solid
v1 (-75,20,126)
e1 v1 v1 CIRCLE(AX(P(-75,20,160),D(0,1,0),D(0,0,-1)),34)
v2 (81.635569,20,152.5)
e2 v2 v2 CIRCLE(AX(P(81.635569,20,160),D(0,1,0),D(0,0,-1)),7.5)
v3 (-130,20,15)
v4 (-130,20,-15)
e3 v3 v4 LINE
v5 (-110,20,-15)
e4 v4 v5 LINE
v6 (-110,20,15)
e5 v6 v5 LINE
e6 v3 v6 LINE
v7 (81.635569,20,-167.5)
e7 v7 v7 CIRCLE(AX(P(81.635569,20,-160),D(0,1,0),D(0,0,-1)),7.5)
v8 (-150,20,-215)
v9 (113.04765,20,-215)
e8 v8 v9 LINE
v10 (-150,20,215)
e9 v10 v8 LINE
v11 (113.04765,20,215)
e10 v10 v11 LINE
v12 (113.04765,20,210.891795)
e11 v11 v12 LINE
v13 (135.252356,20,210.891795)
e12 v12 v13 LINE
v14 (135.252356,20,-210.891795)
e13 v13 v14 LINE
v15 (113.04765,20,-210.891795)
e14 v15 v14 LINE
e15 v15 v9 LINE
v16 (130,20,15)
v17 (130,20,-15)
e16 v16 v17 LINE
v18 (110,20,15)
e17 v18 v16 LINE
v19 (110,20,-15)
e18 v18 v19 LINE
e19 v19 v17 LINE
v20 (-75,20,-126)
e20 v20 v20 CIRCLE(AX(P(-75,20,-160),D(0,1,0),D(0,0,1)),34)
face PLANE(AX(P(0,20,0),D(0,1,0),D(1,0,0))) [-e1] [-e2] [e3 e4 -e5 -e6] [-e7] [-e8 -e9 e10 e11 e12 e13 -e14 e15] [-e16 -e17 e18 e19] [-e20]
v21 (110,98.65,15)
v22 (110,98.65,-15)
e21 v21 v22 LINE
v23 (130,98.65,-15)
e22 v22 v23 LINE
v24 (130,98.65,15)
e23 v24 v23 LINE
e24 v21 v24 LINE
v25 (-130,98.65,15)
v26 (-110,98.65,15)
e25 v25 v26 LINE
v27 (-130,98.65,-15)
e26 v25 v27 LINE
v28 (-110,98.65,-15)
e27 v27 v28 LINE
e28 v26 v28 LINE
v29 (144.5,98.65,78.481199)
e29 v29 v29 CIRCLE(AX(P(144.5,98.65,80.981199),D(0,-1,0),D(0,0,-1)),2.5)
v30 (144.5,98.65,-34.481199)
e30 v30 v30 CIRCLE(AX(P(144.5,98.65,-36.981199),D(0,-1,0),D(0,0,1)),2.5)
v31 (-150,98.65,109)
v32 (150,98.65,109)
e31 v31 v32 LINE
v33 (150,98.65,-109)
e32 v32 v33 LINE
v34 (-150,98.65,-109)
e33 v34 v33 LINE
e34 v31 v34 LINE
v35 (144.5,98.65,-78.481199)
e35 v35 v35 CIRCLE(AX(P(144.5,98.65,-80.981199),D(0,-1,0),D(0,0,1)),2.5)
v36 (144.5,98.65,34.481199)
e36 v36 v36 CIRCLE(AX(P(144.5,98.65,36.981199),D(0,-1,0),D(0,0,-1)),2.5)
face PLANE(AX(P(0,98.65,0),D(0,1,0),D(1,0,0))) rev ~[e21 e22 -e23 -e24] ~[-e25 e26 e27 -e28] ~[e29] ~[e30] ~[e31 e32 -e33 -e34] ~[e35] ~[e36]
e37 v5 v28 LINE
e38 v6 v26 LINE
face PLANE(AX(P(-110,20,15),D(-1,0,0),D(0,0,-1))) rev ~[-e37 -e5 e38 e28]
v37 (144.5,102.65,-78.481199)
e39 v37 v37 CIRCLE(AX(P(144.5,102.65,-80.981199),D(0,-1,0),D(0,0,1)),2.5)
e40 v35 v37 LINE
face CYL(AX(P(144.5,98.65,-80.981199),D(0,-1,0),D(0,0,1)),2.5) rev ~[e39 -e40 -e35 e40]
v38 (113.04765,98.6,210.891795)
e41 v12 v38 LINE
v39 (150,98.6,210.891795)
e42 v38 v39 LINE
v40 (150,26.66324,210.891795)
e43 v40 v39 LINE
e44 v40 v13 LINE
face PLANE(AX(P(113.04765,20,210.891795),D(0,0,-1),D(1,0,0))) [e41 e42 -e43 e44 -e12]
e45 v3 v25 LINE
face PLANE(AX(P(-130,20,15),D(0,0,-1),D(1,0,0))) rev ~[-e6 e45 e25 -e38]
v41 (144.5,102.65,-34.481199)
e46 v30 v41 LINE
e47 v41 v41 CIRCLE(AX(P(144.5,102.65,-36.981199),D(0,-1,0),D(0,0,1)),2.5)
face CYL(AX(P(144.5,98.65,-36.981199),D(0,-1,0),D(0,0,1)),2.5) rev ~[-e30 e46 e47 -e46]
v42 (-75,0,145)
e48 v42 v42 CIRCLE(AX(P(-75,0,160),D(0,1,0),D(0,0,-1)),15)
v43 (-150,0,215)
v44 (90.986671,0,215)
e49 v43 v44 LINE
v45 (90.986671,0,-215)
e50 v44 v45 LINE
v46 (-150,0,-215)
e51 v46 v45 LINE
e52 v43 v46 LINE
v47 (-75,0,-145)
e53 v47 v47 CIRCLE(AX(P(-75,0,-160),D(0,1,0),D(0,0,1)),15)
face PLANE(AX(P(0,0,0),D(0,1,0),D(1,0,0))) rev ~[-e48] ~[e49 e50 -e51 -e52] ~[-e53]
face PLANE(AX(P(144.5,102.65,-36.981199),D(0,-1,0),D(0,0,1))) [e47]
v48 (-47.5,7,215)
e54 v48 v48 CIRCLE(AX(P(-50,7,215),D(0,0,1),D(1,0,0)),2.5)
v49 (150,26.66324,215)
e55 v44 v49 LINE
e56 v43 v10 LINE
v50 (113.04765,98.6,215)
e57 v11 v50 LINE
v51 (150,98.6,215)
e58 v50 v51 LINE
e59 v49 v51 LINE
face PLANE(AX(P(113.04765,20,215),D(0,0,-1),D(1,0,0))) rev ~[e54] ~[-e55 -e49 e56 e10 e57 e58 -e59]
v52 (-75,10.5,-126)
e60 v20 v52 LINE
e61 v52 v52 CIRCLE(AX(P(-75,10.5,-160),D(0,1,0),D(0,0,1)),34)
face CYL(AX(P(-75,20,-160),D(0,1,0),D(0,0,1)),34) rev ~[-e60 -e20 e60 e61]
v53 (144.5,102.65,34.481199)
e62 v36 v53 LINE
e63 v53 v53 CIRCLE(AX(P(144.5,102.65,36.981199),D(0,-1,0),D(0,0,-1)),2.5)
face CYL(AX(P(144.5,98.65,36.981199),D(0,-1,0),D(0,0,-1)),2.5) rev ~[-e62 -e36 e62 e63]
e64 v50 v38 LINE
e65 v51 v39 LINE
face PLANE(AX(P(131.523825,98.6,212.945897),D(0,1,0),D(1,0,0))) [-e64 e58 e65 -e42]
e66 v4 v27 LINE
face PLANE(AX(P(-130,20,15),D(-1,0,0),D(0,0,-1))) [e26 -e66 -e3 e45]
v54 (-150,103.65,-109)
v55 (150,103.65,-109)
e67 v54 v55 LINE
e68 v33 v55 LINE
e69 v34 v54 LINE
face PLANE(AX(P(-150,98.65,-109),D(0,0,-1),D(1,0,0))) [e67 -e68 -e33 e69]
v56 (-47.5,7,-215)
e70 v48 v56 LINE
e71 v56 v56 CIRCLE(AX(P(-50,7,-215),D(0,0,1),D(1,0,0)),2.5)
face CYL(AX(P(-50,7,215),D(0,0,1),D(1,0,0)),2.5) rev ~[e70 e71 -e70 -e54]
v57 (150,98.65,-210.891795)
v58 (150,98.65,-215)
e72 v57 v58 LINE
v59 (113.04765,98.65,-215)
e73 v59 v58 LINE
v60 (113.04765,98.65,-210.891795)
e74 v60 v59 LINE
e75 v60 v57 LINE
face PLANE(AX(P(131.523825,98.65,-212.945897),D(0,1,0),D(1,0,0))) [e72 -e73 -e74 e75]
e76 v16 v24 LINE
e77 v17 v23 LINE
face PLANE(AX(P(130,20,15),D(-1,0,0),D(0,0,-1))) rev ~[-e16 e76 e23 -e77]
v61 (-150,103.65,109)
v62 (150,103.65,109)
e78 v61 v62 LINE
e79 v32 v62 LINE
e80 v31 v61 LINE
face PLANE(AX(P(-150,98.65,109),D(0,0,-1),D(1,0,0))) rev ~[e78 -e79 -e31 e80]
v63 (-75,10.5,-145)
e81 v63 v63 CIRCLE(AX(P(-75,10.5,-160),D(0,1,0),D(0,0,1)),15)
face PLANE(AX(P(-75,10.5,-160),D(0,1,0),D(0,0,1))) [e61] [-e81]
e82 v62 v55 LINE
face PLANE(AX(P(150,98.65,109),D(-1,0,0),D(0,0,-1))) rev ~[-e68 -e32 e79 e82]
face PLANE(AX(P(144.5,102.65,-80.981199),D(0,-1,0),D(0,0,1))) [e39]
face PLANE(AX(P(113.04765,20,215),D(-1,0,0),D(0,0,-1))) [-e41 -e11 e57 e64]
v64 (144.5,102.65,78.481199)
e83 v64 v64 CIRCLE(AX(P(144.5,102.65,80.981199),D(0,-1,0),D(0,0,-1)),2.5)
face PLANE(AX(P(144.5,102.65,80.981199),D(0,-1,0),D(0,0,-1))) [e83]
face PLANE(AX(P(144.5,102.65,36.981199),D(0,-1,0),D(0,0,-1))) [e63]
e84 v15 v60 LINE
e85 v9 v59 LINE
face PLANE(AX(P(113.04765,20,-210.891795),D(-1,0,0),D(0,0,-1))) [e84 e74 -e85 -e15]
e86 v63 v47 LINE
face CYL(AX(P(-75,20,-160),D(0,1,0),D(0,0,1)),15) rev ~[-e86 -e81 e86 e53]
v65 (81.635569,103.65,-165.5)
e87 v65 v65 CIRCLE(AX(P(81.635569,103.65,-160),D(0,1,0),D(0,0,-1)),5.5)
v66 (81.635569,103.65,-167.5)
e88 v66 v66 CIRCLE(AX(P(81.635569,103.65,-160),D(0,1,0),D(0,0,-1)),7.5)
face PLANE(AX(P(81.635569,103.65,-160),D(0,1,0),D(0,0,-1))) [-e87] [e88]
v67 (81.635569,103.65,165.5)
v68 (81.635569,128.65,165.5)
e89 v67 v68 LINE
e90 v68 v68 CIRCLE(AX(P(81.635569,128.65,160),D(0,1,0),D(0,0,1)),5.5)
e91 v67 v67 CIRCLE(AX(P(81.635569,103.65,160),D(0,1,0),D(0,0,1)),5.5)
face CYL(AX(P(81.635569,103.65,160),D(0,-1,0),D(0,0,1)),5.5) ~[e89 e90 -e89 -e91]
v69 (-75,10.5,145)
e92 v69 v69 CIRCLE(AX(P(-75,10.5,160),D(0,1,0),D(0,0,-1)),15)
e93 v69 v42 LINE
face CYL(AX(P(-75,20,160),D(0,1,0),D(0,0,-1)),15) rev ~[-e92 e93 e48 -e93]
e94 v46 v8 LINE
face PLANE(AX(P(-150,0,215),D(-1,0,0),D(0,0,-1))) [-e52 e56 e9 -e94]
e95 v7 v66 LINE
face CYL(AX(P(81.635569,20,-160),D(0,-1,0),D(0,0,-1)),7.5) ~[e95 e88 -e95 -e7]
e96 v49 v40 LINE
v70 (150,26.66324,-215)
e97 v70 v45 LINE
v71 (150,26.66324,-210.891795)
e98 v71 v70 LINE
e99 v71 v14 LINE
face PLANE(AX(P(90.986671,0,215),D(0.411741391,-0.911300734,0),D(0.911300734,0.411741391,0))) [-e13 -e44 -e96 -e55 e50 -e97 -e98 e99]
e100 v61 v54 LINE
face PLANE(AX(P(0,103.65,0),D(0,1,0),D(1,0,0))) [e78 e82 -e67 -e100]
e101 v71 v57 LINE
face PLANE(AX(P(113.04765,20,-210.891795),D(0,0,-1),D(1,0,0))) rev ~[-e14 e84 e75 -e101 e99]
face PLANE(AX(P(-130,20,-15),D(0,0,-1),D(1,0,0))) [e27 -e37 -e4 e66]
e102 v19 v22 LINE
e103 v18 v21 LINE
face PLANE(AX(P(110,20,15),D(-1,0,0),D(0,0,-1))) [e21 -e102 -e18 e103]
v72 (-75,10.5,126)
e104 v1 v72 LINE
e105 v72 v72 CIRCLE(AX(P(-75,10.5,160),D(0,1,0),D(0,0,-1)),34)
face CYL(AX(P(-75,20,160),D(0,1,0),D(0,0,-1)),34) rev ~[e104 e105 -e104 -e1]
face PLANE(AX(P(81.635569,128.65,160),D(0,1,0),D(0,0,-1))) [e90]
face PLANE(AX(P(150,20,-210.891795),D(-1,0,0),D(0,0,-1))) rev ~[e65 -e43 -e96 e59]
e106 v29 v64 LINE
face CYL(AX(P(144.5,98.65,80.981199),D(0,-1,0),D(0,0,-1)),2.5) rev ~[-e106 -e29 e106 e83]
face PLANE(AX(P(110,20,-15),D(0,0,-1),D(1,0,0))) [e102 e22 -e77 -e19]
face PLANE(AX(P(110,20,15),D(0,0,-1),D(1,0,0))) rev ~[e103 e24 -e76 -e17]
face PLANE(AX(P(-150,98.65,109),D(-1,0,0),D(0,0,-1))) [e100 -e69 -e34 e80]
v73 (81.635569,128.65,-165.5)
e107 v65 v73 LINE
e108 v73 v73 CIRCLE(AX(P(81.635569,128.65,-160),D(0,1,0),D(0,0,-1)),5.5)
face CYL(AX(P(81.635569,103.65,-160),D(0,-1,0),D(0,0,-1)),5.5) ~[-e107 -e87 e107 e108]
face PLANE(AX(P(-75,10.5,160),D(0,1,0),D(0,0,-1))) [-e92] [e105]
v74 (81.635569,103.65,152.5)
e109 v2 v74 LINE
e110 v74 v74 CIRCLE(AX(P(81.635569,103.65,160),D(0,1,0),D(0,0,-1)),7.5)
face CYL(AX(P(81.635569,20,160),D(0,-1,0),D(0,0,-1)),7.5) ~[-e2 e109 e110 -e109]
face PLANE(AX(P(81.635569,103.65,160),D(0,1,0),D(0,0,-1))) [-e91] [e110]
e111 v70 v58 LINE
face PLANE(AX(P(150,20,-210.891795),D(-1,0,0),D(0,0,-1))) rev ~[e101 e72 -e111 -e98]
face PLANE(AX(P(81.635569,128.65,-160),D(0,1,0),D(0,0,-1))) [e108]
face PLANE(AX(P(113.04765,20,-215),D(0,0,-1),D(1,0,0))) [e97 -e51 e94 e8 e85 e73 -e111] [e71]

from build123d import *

# Parameters (mm, degrees)
SKETCH2_W           = 300
SKETCH2_H           = 430
BOSS_EXTRUDE1_DEPTH = 20
SKETCH3_R           = 15
CUT_EXTRUDE1_DEPTH  = 20
SKETCH4_R           = 34
CUT_EXTRUDE2_DEPTH  = 9.5
SKETCH5_R           = 7.5
BOSS_EXTRUDE2_DEPTH = 108.65
CUT_EXTRUDE4_START  = -25
SKETCH6_R           = 7.5
SKETCH6_R_2         = 5.5
CUT_EXTRUDE4_DEPTH  = 25
SKETCH7_W           = 20
SKETCH7_H           = 30
BOSS_EXTRUDE3_DEPTH = 78.65
SKETCH8_W           = 300
SKETCH8_H           = 218
BOSS_EXTRUDE4_DEPTH = 5
SKETCH12_R          = 2.5
CUT_EXTRUDE7_DEPTH  = 4
SKETCH13_W          = 36.95235035
SKETCH13_H          = 4.108205057
BOSS_EXTRUDE5_DEPTH = 78.6
SKETCH15_W          = 36.95235035
SKETCH15_H          = 4.108205057
BOSS_EXTRUDE6_DEPTH = 78.65
CUT_EXTRUDE8_DEPTH  = 474.234426579
SKETCH17_R          = 2.5
CUT_EXTRUDE9_DEPTH  = 474.234426579


with BuildPart() as part:
    # Sketch2 → Boss-Extrude1 (new body)
    with BuildSketch(Plane(origin=(0, 0, 0), x_dir=(1, 0, 0), z_dir=(0, 1, 0))):
        Rectangle(SKETCH2_W, SKETCH2_H)
    extrude(amount=BOSS_EXTRUDE1_DEPTH)

    # Sketch3 → Cut-Extrude1 (cut)
    with BuildSketch(Plane(origin=(0, 20, 0), x_dir=(1, 0, 0), z_dir=(0, 1, 0))):
        with Locations(Location((-75, 160, 0), (0, 0, 270))):
            Circle(SKETCH3_R)
        with Locations(Location((-75, -160, 0), (0, 0, 90))):
            Circle(SKETCH3_R)
    extrude(amount=-CUT_EXTRUDE1_DEPTH, mode=Mode.SUBTRACT)

    # Sketch4 → Cut-Extrude2 (cut)
    with BuildSketch(Plane(origin=(0, 20, 0), x_dir=(1, 0, 0), z_dir=(0, 1, 0))):
        with Locations(Location((-75, 160, 0), (0, 0, 270))):
            Circle(SKETCH4_R)
        with Locations(Location((-75, -160, 0), (0, 0, 90))):
            Circle(SKETCH4_R)
    extrude(amount=-CUT_EXTRUDE2_DEPTH, mode=Mode.SUBTRACT)

    # Sketch5 → Boss-Extrude2 (add)
    with BuildSketch(Plane(origin=(0, 20, 0), x_dir=(1, 0, 0), z_dir=(0, 1, 0))):
        with Locations(Location((81.635568617, 160, 0), (0, 0, 90))):
            Circle(SKETCH5_R)
        with Locations(Location((81.635568617, -160, 0), (0, 0, 90))):
            Circle(SKETCH5_R)
    extrude(amount=BOSS_EXTRUDE2_DEPTH)

    # Sketch6 → Cut-Extrude4 (cut)
    # profile 1 of 2: a face of its own
    with BuildSketch(Plane(origin=(0, 128.65, 0), x_dir=(1, 0, 0), z_dir=(0, 1, 0)).offset(CUT_EXTRUDE4_START)):
        with Locations(Location((81.635568617, -160, 0), (0, 0, 90))):
            Circle(SKETCH6_R)
        with Locations(Location((81.635568617, -160, 0), (0, 0, 270))):
            Circle(SKETCH6_R_2, mode=Mode.SUBTRACT)
    # profile 2 of 2: a face of its own
    with BuildSketch(Plane(origin=(0, 128.65, 0), x_dir=(1, 0, 0), z_dir=(0, 1, 0)).offset(CUT_EXTRUDE4_START)):
        with Locations(Location((81.635568617, 160, 0), (0, 0, 90))):
            Circle(SKETCH6_R)
        with Locations(Location((81.635568617, 160, 0), (0, 0, 90))):
            Circle(SKETCH6_R_2, mode=Mode.SUBTRACT)
    extrude(amount=CUT_EXTRUDE4_DEPTH, mode=Mode.SUBTRACT)

    # Sketch7 → Boss-Extrude3 (add)
    with BuildSketch(Plane(origin=(0, 20, 0), x_dir=(1, 0, 0), z_dir=(0, 1, 0))):
        with Locations((120, 0)):
            Rectangle(SKETCH7_W, SKETCH7_H)
        with Locations((-120, 0)):
            Rectangle(SKETCH7_W, SKETCH7_H)
    extrude(amount=BOSS_EXTRUDE3_DEPTH)

    # Sketch8 → Boss-Extrude4 (add)
    with BuildSketch(Plane(origin=(0, 98.65, 0), x_dir=(1, 0, 0), z_dir=(0, 1, 0))):
        Rectangle(SKETCH8_W, SKETCH8_H)
    extrude(amount=BOSS_EXTRUDE4_DEPTH)

    # Sketch12 → Cut-Extrude7 (cut)
    with BuildSketch(Plane.XZ.offset(-98.65)):
        with Locations(Location((144.5, 80.981198611, 0), (0, 0, 270))):
            Circle(SKETCH12_R)
        with Locations(Location((144.5, 36.981198611, 0), (0, 0, 270))):
            Circle(SKETCH12_R)
        with Locations(Location((144.5, -80.981198611, 0), (0, 0, 90))):
            Circle(SKETCH12_R)
        with Locations(Location((144.5, -36.981198611, 0), (0, 0, 90))):
            Circle(SKETCH12_R)
    extrude(amount=-CUT_EXTRUDE7_DEPTH, mode=Mode.SUBTRACT)

    # Sketch13 → Boss-Extrude5 (add)
    with BuildSketch(Plane(origin=(0, 20, 0), x_dir=(1, 0, 0), z_dir=(0, 1, 0))):
        with Locations((131.523824825, -212.945897472)):
            Rectangle(SKETCH13_W, SKETCH13_H)
    extrude(amount=BOSS_EXTRUDE5_DEPTH)

    # Sketch15 → Boss-Extrude6 (add)
    with BuildSketch(Plane(origin=(0, 20, 0), x_dir=(1, 0, 0), z_dir=(0, 1, 0))):
        with Locations((131.523824825, 212.945897472)):
            Rectangle(SKETCH15_W, SKETCH15_H)
    extrude(amount=BOSS_EXTRUDE6_DEPTH)

    # Sketch16 → Cut-Extrude8 (cut, through all)
    with BuildSketch(Plane.XY.offset(215)):
        Polygon((90.986671156, 0), (150, 26.663239915), (150, 0), align=None)
    extrude(amount=-CUT_EXTRUDE8_DEPTH, mode=Mode.SUBTRACT)

    # Sketch17 → Cut-Extrude9 (cut, through all)
    with BuildSketch(Plane.XY.offset(215)):
        with Locations((-50, 7)):
            Circle(SKETCH17_R)
    extrude(amount=-CUT_EXTRUDE9_DEPTH, mode=Mode.SUBTRACT)


solid = part.part
